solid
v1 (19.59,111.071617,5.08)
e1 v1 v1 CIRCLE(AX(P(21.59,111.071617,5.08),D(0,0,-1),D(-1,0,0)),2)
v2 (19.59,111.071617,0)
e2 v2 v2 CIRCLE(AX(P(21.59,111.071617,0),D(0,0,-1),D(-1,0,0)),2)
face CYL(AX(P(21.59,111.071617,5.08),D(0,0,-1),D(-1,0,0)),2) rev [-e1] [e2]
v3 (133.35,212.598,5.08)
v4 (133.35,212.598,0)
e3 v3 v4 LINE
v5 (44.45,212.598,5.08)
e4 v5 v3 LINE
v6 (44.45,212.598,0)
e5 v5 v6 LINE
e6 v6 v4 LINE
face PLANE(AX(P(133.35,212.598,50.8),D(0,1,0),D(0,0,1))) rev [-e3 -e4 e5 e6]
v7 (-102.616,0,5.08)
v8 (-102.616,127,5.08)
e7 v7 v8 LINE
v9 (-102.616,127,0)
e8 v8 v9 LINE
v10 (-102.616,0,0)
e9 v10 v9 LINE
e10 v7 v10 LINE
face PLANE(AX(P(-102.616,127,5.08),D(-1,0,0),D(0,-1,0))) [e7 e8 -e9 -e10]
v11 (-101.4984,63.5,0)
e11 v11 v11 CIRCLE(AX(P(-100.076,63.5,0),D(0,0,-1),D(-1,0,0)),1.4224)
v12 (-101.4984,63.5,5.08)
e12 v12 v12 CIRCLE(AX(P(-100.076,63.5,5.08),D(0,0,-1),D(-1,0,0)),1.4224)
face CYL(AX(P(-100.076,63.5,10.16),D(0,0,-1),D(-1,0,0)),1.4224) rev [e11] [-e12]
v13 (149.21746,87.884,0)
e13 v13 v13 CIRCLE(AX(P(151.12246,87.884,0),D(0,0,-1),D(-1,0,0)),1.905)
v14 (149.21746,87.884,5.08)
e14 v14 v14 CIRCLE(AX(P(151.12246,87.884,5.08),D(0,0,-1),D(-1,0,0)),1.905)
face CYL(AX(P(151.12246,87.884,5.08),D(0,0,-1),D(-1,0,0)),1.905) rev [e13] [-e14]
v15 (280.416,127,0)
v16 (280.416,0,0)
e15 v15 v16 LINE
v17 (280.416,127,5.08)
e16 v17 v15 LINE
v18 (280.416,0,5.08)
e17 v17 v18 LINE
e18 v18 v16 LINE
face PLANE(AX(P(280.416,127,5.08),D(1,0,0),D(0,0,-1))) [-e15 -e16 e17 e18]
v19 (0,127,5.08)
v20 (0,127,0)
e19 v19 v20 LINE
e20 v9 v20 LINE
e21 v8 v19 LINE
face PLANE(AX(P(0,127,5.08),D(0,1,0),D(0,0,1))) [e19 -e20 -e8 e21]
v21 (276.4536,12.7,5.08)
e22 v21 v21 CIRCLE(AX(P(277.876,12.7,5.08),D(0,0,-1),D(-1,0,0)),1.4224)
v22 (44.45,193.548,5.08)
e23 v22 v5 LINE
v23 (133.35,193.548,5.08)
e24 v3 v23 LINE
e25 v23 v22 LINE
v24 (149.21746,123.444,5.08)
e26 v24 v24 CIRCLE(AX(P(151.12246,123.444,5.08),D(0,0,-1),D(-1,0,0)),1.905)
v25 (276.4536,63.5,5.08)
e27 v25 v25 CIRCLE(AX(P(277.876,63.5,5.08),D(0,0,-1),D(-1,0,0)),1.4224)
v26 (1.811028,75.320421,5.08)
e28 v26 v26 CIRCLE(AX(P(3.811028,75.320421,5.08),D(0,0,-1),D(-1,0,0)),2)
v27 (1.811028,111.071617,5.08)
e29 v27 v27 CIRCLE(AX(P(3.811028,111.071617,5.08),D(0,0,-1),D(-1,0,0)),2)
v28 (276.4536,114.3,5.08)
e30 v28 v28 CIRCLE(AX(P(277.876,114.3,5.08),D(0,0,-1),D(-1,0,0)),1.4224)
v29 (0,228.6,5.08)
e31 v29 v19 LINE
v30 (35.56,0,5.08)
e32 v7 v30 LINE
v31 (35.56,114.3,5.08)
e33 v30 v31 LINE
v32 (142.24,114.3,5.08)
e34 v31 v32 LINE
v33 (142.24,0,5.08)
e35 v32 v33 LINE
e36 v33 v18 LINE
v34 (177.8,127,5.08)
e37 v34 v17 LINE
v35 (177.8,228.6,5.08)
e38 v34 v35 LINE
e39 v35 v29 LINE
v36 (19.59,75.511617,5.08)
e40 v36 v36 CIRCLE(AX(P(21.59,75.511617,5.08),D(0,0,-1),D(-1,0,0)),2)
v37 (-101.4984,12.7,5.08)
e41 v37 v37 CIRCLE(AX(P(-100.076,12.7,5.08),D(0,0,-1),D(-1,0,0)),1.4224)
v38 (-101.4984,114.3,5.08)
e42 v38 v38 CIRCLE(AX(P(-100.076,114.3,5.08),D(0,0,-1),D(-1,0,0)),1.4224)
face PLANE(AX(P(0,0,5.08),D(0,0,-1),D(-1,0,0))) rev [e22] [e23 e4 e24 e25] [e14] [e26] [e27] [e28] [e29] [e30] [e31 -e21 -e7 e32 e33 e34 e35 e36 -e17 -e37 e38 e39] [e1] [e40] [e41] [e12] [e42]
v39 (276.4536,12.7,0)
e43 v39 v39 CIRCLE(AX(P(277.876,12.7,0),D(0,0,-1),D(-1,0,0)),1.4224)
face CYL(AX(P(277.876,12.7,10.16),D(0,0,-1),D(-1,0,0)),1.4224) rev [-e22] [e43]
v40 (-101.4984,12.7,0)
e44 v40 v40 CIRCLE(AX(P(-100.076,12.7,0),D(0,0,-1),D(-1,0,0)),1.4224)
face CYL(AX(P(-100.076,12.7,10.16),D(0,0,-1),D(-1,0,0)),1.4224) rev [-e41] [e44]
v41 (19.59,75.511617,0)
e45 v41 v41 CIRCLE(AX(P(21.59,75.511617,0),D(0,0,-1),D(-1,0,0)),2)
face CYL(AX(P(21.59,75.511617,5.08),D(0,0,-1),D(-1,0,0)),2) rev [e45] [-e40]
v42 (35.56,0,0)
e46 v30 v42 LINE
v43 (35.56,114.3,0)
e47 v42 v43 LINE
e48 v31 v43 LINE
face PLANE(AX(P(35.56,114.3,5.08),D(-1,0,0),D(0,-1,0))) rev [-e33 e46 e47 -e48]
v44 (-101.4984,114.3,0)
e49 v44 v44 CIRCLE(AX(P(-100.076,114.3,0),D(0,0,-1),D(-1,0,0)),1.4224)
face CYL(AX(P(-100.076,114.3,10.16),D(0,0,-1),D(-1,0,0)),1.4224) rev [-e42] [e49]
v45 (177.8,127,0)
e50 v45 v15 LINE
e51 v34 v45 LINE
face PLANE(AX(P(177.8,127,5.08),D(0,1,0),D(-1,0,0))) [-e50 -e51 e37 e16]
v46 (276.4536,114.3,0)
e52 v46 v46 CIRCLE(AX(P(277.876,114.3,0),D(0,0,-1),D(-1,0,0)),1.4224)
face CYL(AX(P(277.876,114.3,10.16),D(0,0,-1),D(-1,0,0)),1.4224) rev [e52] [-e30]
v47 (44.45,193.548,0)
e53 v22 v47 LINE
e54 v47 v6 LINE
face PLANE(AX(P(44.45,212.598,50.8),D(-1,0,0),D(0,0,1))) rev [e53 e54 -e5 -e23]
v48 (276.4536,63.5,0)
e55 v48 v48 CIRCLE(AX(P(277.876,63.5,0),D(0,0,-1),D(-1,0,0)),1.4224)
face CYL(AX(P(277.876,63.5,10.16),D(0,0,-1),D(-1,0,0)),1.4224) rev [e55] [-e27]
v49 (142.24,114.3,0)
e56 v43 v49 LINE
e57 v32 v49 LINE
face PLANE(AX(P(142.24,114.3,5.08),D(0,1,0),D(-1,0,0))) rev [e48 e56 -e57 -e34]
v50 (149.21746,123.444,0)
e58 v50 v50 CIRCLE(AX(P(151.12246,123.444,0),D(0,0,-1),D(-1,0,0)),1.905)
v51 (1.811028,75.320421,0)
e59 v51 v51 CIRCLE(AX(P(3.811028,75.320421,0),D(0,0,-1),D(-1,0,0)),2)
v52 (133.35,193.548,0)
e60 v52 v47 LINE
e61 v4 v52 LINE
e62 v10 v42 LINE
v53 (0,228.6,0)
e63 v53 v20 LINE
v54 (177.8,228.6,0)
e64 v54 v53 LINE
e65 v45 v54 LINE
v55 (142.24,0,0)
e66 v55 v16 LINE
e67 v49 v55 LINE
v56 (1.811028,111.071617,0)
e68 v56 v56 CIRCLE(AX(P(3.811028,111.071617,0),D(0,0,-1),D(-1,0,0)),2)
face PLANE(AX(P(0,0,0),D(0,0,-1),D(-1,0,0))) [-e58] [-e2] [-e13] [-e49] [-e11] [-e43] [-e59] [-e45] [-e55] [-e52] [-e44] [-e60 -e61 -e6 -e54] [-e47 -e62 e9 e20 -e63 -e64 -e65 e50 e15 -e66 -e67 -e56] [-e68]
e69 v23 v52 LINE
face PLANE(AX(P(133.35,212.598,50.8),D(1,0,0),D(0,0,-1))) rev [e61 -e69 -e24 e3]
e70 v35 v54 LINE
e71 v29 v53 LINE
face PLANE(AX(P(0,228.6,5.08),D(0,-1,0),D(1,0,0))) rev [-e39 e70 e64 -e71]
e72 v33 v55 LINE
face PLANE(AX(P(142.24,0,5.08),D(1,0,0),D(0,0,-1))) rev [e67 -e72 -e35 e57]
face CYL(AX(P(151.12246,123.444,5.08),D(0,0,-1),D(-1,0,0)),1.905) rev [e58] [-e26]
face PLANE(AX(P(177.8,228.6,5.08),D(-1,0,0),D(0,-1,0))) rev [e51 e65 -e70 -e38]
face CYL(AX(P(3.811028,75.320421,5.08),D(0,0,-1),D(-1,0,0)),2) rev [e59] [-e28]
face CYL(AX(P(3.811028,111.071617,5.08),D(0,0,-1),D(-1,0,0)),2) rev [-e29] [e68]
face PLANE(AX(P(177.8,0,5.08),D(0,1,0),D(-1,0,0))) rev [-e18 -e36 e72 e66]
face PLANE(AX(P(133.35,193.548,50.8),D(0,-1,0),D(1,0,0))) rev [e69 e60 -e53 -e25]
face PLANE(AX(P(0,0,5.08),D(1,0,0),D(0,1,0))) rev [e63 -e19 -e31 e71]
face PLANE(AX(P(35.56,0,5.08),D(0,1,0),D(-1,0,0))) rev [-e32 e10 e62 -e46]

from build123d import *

# Parameters (mm, degrees)
BOSS_EXTRUDE1_DEPTH = 5.08
SKETCH2_R           = 2
CUT_EXTRUDE1_DEPTH  = 5.08
SKETCH3_R           = 1.905
CUT_EXTRUDE2_DEPTH  = 5.08
SKETCH4_W           = 102.616
SKETCH4_H           = 127
BOSS_EXTRUDE2_DEPTH = 5.08
SKETCH8_W           = 88.9
SKETCH8_H           = 19.05
CUT_EXTRUDE3_DEPTH  = 50.8
SKETCH9_R           = 1.4224
CUT_EXTRUDE4_DEPTH  = 10.16


with BuildPart() as part:
    # Sketch1 → Boss-Extrude1 (new body)
    with BuildSketch(Plane.XY):
        Polygon((0, 0), (0, 228.6), (177.8, 228.6), (177.8, 0), (142.24, 0), (142.24, 114.3), (35.56, 114.3), (35.56, 0), align=None)
    extrude(amount=BOSS_EXTRUDE1_DEPTH)

    # Sketch2 → Cut-Extrude1 (cut)
    with BuildSketch(Plane(origin=(0, 0, 0), x_dir=(-1, 0, 0), z_dir=(0, 0, -1))):
        with Locations((-21.59, 111.071616712)):
            Circle(SKETCH2_R)
        with Locations((-3.811028038, 111.071616712)):
            Circle(SKETCH2_R)
        with Locations((-21.59, 75.511616712)):
            Circle(SKETCH2_R)
        with Locations((-3.811028038, 75.320420507)):
            Circle(SKETCH2_R)
    extrude(amount=-CUT_EXTRUDE1_DEPTH, mode=Mode.SUBTRACT)

    # Sketch3 → Cut-Extrude2 (cut)
    with BuildSketch(Plane(origin=(0, 0, 0), x_dir=(-1, 0, 0), z_dir=(0, 0, -1))):
        with Locations((-151.12245979, 123.444)):
            Circle(SKETCH3_R)
        with Locations((-151.12245979, 87.884)):
            Circle(SKETCH3_R)
    extrude(amount=-CUT_EXTRUDE2_DEPTH, mode=Mode.SUBTRACT)

    # Sketch4 → Boss-Extrude2 (add)
    with BuildSketch(Plane(origin=(0, 0, 0), x_dir=(-1, 0, 0), z_dir=(0, 0, -1))):
        with Locations((51.308, 63.5)):
            Rectangle(SKETCH4_W, SKETCH4_H)
        with Locations((-229.108, 63.5)):
            Rectangle(SKETCH4_W, SKETCH4_H)
    extrude(amount=-BOSS_EXTRUDE2_DEPTH)

    # Sketch8 → Cut-Extrude3 (cut)
    with BuildSketch(Plane(origin=(0, 0, 0), x_dir=(-1, 0, 0), z_dir=(0, 0, -1))):
        with Locations((-88.9, 203.073)):
            Rectangle(SKETCH8_W, SKETCH8_H)
    extrude(amount=-CUT_EXTRUDE3_DEPTH, mode=Mode.SUBTRACT)

    # Sketch9 → Cut-Extrude4 (cut)
    with BuildSketch(Plane(origin=(0, 0, 0), x_dir=(-1, 0, 0), z_dir=(0, 0, -1))):
        with Locations((100.076, 12.7)):
            Circle(SKETCH9_R)
        with Locations((100.076, 63.5)):
            Circle(SKETCH9_R)
        with Locations((100.076, 114.3)):
            Circle(SKETCH9_R)
        with Locations((-277.876, 63.5)):
            Circle(SKETCH9_R)
        with Locations((-277.876, 114.3)):
            Circle(SKETCH9_R)
        with Locations((-277.876, 12.7)):
            Circle(SKETCH9_R)
    extrude(amount=-CUT_EXTRUDE4_DEPTH, mode=Mode.SUBTRACT)


solid = part.part
